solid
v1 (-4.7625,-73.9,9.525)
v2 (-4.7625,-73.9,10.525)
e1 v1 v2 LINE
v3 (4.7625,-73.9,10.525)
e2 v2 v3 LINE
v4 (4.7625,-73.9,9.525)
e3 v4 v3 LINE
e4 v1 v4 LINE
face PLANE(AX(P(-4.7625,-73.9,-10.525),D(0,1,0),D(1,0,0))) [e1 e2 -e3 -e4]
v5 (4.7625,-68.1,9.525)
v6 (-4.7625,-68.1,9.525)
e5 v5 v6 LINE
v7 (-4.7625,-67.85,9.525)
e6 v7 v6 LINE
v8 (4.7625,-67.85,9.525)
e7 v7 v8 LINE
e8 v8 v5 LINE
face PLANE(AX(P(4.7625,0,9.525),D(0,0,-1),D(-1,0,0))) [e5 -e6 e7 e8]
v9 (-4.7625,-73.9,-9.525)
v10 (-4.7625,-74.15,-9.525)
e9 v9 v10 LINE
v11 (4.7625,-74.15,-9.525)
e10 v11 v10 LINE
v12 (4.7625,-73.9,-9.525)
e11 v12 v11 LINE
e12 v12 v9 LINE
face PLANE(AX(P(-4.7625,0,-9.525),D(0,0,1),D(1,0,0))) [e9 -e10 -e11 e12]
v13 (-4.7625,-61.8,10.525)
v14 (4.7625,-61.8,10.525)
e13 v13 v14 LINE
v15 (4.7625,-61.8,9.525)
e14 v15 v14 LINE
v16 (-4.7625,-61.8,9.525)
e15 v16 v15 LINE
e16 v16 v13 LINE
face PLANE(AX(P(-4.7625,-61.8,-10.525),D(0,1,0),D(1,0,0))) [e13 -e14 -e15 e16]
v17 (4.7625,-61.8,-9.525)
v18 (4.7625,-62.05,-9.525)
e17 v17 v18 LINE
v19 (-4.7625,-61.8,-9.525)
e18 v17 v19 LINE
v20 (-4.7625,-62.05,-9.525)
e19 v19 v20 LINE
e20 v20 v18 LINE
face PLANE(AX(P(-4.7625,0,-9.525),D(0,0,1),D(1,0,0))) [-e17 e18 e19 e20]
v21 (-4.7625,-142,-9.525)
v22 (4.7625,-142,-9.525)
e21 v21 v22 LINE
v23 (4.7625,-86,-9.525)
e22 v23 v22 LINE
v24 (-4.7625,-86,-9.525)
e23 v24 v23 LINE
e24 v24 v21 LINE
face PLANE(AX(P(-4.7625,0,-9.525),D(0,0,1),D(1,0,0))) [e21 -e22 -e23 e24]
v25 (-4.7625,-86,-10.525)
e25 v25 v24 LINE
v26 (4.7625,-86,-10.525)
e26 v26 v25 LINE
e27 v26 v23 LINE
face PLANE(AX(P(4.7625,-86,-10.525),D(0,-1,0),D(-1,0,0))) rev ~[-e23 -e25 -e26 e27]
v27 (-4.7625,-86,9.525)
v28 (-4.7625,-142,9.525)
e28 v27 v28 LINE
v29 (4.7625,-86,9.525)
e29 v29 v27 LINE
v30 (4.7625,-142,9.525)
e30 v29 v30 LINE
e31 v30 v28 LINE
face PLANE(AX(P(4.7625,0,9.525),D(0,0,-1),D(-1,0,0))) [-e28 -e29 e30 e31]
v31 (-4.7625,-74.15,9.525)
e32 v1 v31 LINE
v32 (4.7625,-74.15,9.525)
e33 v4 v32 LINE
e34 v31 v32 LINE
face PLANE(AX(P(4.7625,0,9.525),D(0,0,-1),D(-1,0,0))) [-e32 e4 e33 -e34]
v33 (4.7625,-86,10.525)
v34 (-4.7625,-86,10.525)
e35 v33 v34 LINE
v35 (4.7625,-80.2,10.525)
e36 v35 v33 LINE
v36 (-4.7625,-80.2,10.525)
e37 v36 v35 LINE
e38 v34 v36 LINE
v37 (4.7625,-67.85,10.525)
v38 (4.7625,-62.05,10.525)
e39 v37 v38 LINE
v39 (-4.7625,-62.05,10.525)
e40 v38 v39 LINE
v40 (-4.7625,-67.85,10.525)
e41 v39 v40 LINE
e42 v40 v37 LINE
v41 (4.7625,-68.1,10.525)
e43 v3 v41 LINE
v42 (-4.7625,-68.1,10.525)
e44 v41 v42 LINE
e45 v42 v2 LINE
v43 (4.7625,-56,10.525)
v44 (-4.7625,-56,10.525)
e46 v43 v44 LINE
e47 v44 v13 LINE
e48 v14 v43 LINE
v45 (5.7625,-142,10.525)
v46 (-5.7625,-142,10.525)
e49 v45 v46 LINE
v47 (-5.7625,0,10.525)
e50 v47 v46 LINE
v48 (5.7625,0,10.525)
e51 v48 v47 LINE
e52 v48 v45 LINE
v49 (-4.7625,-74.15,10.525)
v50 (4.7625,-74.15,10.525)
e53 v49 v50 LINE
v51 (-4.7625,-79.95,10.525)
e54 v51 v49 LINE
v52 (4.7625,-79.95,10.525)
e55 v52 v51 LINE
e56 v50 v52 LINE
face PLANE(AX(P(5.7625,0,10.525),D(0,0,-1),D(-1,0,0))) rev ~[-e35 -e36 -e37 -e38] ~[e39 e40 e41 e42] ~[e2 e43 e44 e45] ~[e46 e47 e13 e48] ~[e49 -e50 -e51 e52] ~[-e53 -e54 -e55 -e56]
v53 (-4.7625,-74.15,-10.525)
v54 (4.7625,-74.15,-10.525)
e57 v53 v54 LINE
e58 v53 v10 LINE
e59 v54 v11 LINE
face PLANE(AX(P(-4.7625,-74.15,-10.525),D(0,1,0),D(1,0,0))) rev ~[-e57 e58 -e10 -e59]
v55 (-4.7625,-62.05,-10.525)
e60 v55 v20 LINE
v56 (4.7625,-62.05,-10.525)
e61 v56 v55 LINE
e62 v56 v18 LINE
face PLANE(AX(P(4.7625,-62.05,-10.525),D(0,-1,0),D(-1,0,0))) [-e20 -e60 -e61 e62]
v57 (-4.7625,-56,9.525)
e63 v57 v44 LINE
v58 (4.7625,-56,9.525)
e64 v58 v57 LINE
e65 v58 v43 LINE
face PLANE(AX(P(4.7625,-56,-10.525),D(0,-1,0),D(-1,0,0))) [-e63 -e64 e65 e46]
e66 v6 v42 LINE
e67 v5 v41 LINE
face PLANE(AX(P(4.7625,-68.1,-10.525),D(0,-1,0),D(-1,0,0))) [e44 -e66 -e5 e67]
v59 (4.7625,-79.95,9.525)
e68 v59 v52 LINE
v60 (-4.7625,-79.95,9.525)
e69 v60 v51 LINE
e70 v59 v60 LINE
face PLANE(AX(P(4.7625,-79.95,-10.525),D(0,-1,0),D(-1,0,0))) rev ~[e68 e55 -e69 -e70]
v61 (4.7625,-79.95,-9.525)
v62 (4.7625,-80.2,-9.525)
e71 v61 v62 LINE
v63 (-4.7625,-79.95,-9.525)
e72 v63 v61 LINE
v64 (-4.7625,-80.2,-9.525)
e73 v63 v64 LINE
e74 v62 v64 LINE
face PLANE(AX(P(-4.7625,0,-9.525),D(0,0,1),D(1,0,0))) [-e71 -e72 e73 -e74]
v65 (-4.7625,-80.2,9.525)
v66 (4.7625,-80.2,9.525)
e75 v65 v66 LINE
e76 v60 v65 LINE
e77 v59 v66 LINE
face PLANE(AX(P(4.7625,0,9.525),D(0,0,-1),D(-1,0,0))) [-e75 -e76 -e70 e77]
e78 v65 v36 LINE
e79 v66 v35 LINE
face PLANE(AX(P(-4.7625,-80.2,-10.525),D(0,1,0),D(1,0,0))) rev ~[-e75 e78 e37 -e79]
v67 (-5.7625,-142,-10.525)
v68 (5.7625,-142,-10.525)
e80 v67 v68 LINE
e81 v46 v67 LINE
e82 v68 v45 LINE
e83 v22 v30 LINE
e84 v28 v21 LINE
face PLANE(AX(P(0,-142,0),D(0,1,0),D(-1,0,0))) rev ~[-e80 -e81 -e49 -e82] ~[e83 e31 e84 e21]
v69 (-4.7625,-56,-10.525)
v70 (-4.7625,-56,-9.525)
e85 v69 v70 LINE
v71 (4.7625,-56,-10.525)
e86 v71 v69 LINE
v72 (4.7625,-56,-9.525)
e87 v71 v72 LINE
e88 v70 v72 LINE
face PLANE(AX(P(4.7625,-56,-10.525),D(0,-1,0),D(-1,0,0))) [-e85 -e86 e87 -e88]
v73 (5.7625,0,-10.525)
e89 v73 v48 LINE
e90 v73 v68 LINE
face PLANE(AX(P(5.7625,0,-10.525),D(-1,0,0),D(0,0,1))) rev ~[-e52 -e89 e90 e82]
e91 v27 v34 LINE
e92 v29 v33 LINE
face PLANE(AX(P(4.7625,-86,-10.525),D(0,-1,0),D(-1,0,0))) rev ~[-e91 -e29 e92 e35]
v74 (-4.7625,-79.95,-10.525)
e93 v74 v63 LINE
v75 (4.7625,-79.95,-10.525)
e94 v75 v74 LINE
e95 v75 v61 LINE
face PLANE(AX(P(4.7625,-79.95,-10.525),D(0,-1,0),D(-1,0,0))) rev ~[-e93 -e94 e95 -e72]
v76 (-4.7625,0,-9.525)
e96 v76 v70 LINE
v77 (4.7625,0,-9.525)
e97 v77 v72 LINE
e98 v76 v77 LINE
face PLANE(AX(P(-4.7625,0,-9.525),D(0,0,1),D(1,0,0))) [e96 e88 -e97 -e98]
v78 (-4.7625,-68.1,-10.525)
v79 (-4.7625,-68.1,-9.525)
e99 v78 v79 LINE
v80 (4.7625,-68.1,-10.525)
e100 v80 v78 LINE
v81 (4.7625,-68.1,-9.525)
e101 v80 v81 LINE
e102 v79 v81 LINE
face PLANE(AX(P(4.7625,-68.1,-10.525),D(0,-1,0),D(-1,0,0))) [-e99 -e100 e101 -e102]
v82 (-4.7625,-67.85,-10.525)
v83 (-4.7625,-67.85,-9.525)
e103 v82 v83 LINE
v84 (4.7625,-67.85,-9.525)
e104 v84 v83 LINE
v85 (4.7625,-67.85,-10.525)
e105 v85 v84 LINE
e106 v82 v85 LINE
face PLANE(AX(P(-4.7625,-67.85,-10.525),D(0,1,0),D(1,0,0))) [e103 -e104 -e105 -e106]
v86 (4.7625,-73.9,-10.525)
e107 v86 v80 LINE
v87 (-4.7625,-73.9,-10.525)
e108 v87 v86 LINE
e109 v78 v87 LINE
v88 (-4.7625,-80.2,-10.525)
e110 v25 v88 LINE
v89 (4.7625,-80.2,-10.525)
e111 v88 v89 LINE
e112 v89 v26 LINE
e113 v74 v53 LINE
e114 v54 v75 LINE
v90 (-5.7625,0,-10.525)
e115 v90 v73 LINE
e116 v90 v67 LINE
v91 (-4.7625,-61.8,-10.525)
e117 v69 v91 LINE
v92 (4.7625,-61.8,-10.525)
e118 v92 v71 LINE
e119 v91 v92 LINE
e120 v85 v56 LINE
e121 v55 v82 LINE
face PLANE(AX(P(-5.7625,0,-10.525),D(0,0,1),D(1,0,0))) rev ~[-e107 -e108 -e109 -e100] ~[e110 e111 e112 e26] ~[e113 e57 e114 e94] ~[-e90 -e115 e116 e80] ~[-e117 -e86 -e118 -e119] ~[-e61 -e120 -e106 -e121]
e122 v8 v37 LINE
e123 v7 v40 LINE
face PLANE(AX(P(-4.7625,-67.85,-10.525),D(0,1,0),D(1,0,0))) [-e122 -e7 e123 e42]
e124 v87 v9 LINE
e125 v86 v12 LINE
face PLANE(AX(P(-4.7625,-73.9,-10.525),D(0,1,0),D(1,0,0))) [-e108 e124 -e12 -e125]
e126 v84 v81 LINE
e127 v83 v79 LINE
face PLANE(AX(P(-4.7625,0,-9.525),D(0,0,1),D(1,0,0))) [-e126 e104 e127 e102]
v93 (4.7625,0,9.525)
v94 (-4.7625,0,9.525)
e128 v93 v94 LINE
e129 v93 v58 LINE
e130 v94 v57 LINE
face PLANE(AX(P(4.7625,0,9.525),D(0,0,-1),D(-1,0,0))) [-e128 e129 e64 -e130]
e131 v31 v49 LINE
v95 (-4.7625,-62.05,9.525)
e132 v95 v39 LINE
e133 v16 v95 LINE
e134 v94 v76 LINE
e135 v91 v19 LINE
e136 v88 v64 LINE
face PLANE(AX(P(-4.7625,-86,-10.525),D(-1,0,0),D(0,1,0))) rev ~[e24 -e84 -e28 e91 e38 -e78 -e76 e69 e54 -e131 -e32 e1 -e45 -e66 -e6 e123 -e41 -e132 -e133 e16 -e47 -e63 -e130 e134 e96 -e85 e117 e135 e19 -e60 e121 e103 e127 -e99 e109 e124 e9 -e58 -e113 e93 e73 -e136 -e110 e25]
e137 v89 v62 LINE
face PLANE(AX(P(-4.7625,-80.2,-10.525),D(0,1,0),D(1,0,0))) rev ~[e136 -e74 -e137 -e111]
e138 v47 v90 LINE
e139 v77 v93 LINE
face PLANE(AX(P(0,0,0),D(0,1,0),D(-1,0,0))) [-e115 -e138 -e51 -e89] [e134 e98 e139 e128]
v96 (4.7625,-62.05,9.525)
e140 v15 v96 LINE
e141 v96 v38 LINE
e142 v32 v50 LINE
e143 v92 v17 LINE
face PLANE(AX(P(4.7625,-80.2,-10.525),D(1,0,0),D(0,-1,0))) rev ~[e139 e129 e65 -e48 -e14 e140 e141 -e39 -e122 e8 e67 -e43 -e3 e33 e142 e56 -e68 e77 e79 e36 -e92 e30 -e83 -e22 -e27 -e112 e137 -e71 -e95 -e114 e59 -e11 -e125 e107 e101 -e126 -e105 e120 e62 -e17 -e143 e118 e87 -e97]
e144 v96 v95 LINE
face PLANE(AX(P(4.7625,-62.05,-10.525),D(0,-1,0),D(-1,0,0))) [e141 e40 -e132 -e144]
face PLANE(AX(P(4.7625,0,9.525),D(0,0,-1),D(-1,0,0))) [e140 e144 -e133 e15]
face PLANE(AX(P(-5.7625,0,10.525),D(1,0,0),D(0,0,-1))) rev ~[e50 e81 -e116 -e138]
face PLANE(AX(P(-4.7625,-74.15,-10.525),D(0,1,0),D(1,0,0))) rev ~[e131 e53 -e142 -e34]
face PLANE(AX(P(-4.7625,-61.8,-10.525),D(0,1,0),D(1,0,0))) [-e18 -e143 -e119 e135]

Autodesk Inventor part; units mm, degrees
ref_plane "YZ Plane" through (0, 0, 0) normal (1, 0, 0) x (0, 1, 0)
ref_plane "XZ Plane" through (0, 0, 0) normal (0, 1, 0) x (-1, 0, 0)
ref_plane "XY Plane" through (0, 0, 0) normal (0, 0, 1) x (1, 0, 0)
sketch "Sketch1" plane through (0, 0, 0) normal (0, 1, 0) x (-1, 0, 0)
  line L0 (4.7625, -9.525) -> (-4.7625, -9.525)
  line L1 (-4.7625, -9.525) -> (-4.7625, 9.525)
  line L2 (-4.7625, 9.525) -> (4.7625, 9.525)
  line L3 (4.7625, 9.525) -> (4.7625, -9.525)
  line L4 (5.7625, -10.525) -> (-5.7625, -10.525)
  line L5 (-5.7625, -10.525) -> (-5.7625, 10.525)
  line L6 (-5.7625, 10.525) -> (5.7625, 10.525)
  line L7 (5.7625, 10.525) -> (5.7625, -10.525)
  point P0 (0, 0)
  dimension "d0" = 19.05
  dimension "d1" = 21.05
  dimension "d2" = 9.525
  dimension "d3" = 10.525
  dimension "d4" = 9.525
  dimension "d5" = 4.7625
  dimension "d6" = 11.525
  dimension "d7" = 5.7625
extrude "Extrusion1" add sketch "Sketch1" against normal blind 142
sketch "Sketch2" plane through (5.7625, 0, -10.525) normal (0, 0, -1) x (-1, 0, 0)
  line L0 (11.525, 0) -> (0, 0) projected
  line L1 (0, 0) -> (0, -142) projected
  line L2 (11.525, 0) -> (11.525, -142) projected
  line L3 (-7.7677, -71) -> (26.0331, -71) construction
  line L4 (10.525, -73.9) -> (1, -73.9)
  line L5 (1, -73.9) -> (1, -68.1)
  line L6 (1, -68.1) -> (10.525, -68.1)
  line L7 (10.525, -68.1) -> (10.525, -73.9)
  line L8 (10.525, -67.85) -> (1, -67.85)
  line L9 (1, -67.85) -> (1, -62.05)
  line L10 (1, -62.05) -> (10.525, -62.05)
  line L11 (10.525, -62.05) -> (10.525, -67.85)
  line L12 (10.525, -61.8) -> (1, -61.8)
  line L13 (1, -61.8) -> (1, -56)
  line L14 (1, -56) -> (10.525, -56)
  line L15 (10.525, -56) -> (10.525, -61.8)
  line L16 (10.525, -74.15) -> (1, -74.15)
  line L17 (1, -74.15) -> (1, -79.95)
  line L18 (1, -79.95) -> (10.525, -79.95)
  line L19 (10.525, -79.95) -> (10.525, -74.15)
  line L20 (10.525, -80.2) -> (1, -80.2)
  line L21 (1, -80.2) -> (1, -86)
  line L22 (1, -86) -> (10.525, -86)
  line L23 (10.525, -86) -> (10.525, -80.2)
  point P0 (5.7625, 0)
  dimension "d12" = 71
  dimension "d13" = 5.8
  dimension "d14" = 2.9
  dimension "d15" = 5.8
  dimension "d16" = 5.8
  dimension "d17" = 0.25
  dimension "d18" = 0.25
  dimension "d19" = 5.8
  dimension "d20" = 5.8
  dimension "d25" = 0.25
  dimension "d26" = 0.25
  dimension "d27" = 1
  dimension "d28" = 1
  dimension "d29" = 1
  dimension "d30" = 1
  dimension "d31" = 1
  dimension "d32" = 1
  dimension "d33" = 1
  dimension "d34" = 1
  dimension "d35" = 1
  dimension "d36" = 1
extrude "Extrusion2" cut sketch "Sketch2" against normal through all
equation "\"d2\" = 0.5 * d0"
equation "\"d3\" = 0.5 * d1"
equation "\"d5\" = 0.5 * d4"
equation "\"d7\" = 0.5 * d6"
equation "\"d14\" = 0.5 * d13"
equation "\"d15\" = d13"
equation "\"d16\" = d13"
equation "\"d19\" = d13"
equation "\"d20\" = d13"
equation "\"d28\" = d27"
equation "\"d29\" = d27"
equation "\"d30\" = d27"
equation "\"d31\" = d27"
equation "\"d32\" = d27"
equation "\"d33\" = d27"
equation "\"d34\" = d27"
equation "\"d35\" = d27"
equation "\"d36\" = d27"
properties part number "Waveguide"
